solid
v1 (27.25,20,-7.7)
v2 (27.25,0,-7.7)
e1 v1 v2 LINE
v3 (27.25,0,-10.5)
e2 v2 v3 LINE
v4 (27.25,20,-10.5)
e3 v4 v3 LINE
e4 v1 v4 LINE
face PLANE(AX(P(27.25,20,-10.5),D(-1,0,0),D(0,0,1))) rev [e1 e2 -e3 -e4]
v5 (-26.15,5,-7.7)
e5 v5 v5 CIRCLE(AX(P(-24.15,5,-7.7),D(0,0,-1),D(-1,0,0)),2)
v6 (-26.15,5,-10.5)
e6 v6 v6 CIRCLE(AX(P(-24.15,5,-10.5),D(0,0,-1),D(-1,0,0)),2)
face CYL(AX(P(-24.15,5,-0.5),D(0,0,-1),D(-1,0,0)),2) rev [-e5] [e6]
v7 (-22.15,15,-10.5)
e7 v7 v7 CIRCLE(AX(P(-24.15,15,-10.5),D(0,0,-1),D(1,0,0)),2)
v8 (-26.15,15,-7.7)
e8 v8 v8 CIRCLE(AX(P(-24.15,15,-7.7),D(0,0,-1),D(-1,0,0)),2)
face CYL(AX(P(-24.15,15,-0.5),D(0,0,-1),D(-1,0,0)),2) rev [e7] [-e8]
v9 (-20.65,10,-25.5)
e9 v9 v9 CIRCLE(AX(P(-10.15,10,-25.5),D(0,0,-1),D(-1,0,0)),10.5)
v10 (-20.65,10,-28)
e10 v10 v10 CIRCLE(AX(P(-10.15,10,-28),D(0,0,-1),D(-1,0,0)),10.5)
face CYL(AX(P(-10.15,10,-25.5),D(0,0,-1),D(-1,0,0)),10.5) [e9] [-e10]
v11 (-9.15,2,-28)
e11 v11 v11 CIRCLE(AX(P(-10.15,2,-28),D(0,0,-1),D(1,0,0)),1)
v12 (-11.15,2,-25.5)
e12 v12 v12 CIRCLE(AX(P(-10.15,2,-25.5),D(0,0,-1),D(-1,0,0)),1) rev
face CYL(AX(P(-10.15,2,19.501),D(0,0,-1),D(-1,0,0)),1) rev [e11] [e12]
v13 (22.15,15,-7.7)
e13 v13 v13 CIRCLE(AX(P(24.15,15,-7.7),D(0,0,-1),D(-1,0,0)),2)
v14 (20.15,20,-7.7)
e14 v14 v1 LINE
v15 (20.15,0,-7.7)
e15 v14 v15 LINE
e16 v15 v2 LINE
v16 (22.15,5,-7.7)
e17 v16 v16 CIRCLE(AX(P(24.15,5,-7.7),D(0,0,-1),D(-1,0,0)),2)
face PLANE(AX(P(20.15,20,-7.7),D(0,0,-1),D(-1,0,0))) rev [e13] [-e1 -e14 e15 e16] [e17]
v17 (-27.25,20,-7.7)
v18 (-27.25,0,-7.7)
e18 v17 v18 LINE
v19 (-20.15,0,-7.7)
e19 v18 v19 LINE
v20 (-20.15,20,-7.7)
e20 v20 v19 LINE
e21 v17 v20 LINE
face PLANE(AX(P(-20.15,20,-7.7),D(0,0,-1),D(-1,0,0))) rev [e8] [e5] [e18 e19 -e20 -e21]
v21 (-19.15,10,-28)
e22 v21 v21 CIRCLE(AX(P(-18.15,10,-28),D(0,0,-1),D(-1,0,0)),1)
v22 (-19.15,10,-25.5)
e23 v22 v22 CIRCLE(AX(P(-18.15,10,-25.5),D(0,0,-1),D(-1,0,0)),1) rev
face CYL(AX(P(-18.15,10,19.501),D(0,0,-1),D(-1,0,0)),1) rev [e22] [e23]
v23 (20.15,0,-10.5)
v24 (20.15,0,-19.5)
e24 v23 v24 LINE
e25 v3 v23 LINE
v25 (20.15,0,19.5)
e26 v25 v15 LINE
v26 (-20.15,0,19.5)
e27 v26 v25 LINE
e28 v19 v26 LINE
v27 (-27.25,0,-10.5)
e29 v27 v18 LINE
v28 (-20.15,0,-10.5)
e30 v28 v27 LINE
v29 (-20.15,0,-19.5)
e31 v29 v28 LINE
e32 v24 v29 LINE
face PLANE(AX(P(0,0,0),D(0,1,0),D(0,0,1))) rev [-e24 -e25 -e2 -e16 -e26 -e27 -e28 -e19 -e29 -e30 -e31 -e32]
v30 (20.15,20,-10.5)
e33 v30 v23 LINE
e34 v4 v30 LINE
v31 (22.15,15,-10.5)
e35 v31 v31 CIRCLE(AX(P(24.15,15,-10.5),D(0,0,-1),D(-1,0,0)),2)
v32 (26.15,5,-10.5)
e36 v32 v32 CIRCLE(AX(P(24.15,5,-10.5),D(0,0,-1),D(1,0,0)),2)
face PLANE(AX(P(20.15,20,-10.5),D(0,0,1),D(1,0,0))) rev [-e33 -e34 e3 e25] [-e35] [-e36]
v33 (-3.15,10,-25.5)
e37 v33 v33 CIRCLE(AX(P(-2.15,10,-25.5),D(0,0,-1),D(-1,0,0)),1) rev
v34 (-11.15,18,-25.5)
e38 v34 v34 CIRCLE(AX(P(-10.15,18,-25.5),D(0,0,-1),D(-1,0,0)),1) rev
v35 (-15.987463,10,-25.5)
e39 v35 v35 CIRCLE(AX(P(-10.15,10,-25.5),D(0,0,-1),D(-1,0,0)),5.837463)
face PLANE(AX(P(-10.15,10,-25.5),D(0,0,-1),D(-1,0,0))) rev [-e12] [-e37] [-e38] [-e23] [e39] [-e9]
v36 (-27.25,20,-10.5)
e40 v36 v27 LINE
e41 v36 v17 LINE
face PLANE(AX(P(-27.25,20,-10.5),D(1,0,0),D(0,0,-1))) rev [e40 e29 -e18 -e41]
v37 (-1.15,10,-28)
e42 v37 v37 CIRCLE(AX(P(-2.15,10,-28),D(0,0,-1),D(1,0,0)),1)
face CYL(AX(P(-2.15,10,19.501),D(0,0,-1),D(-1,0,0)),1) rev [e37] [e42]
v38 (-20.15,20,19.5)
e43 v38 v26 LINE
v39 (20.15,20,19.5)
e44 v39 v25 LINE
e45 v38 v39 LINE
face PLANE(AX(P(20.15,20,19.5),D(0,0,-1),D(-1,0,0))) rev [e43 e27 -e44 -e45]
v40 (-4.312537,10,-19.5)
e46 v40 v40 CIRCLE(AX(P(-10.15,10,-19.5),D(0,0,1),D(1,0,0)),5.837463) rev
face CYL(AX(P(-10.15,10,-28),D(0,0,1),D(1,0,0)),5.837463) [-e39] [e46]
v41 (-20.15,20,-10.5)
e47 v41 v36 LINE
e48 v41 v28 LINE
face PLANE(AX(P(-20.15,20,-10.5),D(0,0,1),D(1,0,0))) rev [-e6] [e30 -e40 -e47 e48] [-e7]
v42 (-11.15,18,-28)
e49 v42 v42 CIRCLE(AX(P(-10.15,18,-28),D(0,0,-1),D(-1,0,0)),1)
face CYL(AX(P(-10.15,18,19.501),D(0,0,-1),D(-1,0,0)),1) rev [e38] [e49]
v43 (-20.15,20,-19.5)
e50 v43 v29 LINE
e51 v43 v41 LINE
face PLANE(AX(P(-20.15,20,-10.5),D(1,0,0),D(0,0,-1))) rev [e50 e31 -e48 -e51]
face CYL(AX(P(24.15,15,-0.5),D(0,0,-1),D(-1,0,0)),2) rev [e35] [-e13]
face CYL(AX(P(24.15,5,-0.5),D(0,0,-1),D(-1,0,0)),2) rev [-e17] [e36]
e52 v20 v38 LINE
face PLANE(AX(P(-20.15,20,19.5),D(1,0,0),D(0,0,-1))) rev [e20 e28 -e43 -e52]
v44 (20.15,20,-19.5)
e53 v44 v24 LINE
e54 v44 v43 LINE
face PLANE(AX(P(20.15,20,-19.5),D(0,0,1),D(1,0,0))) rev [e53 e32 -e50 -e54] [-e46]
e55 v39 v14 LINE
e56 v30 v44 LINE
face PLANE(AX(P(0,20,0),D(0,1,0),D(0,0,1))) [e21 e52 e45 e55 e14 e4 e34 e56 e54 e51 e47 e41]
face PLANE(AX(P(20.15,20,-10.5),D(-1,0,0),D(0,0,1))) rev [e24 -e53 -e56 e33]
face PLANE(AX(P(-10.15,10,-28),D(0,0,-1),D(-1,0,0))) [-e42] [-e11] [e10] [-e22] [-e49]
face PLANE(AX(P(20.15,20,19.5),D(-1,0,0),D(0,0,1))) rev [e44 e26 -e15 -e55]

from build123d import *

# Parameters (mm, degrees)
SALIENTE_EXTRUIR1_DEPTH = 20
CROQUIS3_R              = 5.837463161
SALIENTE_EXTRUIR3_DEPTH = 8.5
CROQUIS4_R              = 2
CORTAR_EXTRUIR1_DEPTH   = 10
CROQUIS5_R              = 10.5
SALIENTE_EXTRUIR4_DEPTH = 2.5
CORTAR_EXTRUIR3_REACH   = 49.5
CROQUIS6_R              = 1


with BuildPart() as part:
    # Croquis1 → Saliente-Extruir1 (new body)
    with BuildSketch(Plane(origin=(0, 0, 0), x_dir=(1, 0, 0), z_dir=(0, 1, 0))):
        Polygon((20.15, 19.5), (-20.15, 19.5), (-20.15, 10.5), (-27.25, 10.5), (-27.25, 7.7), (-20.15, 7.7), (-20.15, -19.5), (20.15, -19.5), (20.15, 7.7), (27.25, 7.7), (27.25, 10.5), (20.15, 10.5), align=None)
    extrude(amount=SALIENTE_EXTRUIR1_DEPTH)

    # Croquis3 → Saliente-Extruir3 (add)
    with BuildSketch(Plane(origin=(0, 0, -19.5), x_dir=(-1, 0, 0), z_dir=(0, 0, -1))):
        with Locations((10.15, 10)):
            Circle(CROQUIS3_R)
    extrude(amount=SALIENTE_EXTRUIR3_DEPTH)

    # Croquis4 → Cortar-Extruir1 (cut)
    with BuildSketch(Plane(origin=(0, 0, -10.5), x_dir=(-1, 0, 0), z_dir=(0, 0, -1))):
        with Locations((-24.15, 15)):
            Circle(CROQUIS4_R)
        with Locations((-24.15, 5)):
            Circle(CROQUIS4_R)
        with Locations((24.15, 5)):
            Circle(CROQUIS4_R)
        with Locations((24.15, 15)):
            Circle(CROQUIS4_R)
    extrude(amount=-CORTAR_EXTRUIR1_DEPTH, mode=Mode.SUBTRACT)

    # Croquis5 → Saliente-Extruir4 (add)
    with BuildSketch(Plane(origin=(0, 0, -28), x_dir=(-1, 0, 0), z_dir=(0, 0, -1))):
        with Locations((10.15, 10)):
            Circle(CROQUIS5_R)
    extrude(amount=-SALIENTE_EXTRUIR4_DEPTH)

    # Croquis6 → Cortar-Extruir3 (cut, up to next)
    with BuildSketch(Plane(origin=(0, 0, -28), x_dir=(-1, 0, 0), z_dir=(0, 0, -1)), mode=Mode.PRIVATE) as cortar_extruir3_sk1:
        with Locations((10.15, 18)):
            Circle(CROQUIS6_R)
    cortar_extruir3_tool1 = extrude(cortar_extruir3_sk1.sketch, amount=-CORTAR_EXTRUIR3_REACH, mode=Mode.PRIVATE) & part.part
    add(cortar_extruir3_tool1.solids().sort_by_distance((-10.15, 18, -28))[0], mode=Mode.SUBTRACT)
    # Croquis6 → Cortar-Extruir3 (cut, up to next)
    with BuildSketch(Plane(origin=(0, 0, -28), x_dir=(-1, 0, 0), z_dir=(0, 0, -1)), mode=Mode.PRIVATE) as cortar_extruir3_sk2:
        with Locations((18.15, 10)):
            Circle(CROQUIS6_R)
    cortar_extruir3_tool2 = extrude(cortar_extruir3_sk2.sketch, amount=-CORTAR_EXTRUIR3_REACH, mode=Mode.PRIVATE) & part.part
    add(cortar_extruir3_tool2.solids().sort_by_distance((-18.15, 10, -28))[0], mode=Mode.SUBTRACT)
    # Croquis6 → Cortar-Extruir3 (cut, up to next)
    with BuildSketch(Plane(origin=(0, 0, -28), x_dir=(-1, 0, 0), z_dir=(0, 0, -1)), mode=Mode.PRIVATE) as cortar_extruir3_sk3:
        with Locations((2.15, 10)):
            Circle(CROQUIS6_R)
    cortar_extruir3_tool3 = extrude(cortar_extruir3_sk3.sketch, amount=-CORTAR_EXTRUIR3_REACH, mode=Mode.PRIVATE) & part.part
    add(cortar_extruir3_tool3.solids().sort_by_distance((-2.15, 10, -28))[0], mode=Mode.SUBTRACT)
    # Croquis6 → Cortar-Extruir3 (cut, up to next)
    with BuildSketch(Plane(origin=(0, 0, -28), x_dir=(-1, 0, 0), z_dir=(0, 0, -1)), mode=Mode.PRIVATE) as cortar_extruir3_sk4:
        with Locations((10.15, 2)):
            Circle(CROQUIS6_R)
    cortar_extruir3_tool4 = extrude(cortar_extruir3_sk4.sketch, amount=-CORTAR_EXTRUIR3_REACH, mode=Mode.PRIVATE) & part.part
    add(cortar_extruir3_tool4.solids().sort_by_distance((-10.15, 2, -28))[0], mode=Mode.SUBTRACT)


solid = part.part
